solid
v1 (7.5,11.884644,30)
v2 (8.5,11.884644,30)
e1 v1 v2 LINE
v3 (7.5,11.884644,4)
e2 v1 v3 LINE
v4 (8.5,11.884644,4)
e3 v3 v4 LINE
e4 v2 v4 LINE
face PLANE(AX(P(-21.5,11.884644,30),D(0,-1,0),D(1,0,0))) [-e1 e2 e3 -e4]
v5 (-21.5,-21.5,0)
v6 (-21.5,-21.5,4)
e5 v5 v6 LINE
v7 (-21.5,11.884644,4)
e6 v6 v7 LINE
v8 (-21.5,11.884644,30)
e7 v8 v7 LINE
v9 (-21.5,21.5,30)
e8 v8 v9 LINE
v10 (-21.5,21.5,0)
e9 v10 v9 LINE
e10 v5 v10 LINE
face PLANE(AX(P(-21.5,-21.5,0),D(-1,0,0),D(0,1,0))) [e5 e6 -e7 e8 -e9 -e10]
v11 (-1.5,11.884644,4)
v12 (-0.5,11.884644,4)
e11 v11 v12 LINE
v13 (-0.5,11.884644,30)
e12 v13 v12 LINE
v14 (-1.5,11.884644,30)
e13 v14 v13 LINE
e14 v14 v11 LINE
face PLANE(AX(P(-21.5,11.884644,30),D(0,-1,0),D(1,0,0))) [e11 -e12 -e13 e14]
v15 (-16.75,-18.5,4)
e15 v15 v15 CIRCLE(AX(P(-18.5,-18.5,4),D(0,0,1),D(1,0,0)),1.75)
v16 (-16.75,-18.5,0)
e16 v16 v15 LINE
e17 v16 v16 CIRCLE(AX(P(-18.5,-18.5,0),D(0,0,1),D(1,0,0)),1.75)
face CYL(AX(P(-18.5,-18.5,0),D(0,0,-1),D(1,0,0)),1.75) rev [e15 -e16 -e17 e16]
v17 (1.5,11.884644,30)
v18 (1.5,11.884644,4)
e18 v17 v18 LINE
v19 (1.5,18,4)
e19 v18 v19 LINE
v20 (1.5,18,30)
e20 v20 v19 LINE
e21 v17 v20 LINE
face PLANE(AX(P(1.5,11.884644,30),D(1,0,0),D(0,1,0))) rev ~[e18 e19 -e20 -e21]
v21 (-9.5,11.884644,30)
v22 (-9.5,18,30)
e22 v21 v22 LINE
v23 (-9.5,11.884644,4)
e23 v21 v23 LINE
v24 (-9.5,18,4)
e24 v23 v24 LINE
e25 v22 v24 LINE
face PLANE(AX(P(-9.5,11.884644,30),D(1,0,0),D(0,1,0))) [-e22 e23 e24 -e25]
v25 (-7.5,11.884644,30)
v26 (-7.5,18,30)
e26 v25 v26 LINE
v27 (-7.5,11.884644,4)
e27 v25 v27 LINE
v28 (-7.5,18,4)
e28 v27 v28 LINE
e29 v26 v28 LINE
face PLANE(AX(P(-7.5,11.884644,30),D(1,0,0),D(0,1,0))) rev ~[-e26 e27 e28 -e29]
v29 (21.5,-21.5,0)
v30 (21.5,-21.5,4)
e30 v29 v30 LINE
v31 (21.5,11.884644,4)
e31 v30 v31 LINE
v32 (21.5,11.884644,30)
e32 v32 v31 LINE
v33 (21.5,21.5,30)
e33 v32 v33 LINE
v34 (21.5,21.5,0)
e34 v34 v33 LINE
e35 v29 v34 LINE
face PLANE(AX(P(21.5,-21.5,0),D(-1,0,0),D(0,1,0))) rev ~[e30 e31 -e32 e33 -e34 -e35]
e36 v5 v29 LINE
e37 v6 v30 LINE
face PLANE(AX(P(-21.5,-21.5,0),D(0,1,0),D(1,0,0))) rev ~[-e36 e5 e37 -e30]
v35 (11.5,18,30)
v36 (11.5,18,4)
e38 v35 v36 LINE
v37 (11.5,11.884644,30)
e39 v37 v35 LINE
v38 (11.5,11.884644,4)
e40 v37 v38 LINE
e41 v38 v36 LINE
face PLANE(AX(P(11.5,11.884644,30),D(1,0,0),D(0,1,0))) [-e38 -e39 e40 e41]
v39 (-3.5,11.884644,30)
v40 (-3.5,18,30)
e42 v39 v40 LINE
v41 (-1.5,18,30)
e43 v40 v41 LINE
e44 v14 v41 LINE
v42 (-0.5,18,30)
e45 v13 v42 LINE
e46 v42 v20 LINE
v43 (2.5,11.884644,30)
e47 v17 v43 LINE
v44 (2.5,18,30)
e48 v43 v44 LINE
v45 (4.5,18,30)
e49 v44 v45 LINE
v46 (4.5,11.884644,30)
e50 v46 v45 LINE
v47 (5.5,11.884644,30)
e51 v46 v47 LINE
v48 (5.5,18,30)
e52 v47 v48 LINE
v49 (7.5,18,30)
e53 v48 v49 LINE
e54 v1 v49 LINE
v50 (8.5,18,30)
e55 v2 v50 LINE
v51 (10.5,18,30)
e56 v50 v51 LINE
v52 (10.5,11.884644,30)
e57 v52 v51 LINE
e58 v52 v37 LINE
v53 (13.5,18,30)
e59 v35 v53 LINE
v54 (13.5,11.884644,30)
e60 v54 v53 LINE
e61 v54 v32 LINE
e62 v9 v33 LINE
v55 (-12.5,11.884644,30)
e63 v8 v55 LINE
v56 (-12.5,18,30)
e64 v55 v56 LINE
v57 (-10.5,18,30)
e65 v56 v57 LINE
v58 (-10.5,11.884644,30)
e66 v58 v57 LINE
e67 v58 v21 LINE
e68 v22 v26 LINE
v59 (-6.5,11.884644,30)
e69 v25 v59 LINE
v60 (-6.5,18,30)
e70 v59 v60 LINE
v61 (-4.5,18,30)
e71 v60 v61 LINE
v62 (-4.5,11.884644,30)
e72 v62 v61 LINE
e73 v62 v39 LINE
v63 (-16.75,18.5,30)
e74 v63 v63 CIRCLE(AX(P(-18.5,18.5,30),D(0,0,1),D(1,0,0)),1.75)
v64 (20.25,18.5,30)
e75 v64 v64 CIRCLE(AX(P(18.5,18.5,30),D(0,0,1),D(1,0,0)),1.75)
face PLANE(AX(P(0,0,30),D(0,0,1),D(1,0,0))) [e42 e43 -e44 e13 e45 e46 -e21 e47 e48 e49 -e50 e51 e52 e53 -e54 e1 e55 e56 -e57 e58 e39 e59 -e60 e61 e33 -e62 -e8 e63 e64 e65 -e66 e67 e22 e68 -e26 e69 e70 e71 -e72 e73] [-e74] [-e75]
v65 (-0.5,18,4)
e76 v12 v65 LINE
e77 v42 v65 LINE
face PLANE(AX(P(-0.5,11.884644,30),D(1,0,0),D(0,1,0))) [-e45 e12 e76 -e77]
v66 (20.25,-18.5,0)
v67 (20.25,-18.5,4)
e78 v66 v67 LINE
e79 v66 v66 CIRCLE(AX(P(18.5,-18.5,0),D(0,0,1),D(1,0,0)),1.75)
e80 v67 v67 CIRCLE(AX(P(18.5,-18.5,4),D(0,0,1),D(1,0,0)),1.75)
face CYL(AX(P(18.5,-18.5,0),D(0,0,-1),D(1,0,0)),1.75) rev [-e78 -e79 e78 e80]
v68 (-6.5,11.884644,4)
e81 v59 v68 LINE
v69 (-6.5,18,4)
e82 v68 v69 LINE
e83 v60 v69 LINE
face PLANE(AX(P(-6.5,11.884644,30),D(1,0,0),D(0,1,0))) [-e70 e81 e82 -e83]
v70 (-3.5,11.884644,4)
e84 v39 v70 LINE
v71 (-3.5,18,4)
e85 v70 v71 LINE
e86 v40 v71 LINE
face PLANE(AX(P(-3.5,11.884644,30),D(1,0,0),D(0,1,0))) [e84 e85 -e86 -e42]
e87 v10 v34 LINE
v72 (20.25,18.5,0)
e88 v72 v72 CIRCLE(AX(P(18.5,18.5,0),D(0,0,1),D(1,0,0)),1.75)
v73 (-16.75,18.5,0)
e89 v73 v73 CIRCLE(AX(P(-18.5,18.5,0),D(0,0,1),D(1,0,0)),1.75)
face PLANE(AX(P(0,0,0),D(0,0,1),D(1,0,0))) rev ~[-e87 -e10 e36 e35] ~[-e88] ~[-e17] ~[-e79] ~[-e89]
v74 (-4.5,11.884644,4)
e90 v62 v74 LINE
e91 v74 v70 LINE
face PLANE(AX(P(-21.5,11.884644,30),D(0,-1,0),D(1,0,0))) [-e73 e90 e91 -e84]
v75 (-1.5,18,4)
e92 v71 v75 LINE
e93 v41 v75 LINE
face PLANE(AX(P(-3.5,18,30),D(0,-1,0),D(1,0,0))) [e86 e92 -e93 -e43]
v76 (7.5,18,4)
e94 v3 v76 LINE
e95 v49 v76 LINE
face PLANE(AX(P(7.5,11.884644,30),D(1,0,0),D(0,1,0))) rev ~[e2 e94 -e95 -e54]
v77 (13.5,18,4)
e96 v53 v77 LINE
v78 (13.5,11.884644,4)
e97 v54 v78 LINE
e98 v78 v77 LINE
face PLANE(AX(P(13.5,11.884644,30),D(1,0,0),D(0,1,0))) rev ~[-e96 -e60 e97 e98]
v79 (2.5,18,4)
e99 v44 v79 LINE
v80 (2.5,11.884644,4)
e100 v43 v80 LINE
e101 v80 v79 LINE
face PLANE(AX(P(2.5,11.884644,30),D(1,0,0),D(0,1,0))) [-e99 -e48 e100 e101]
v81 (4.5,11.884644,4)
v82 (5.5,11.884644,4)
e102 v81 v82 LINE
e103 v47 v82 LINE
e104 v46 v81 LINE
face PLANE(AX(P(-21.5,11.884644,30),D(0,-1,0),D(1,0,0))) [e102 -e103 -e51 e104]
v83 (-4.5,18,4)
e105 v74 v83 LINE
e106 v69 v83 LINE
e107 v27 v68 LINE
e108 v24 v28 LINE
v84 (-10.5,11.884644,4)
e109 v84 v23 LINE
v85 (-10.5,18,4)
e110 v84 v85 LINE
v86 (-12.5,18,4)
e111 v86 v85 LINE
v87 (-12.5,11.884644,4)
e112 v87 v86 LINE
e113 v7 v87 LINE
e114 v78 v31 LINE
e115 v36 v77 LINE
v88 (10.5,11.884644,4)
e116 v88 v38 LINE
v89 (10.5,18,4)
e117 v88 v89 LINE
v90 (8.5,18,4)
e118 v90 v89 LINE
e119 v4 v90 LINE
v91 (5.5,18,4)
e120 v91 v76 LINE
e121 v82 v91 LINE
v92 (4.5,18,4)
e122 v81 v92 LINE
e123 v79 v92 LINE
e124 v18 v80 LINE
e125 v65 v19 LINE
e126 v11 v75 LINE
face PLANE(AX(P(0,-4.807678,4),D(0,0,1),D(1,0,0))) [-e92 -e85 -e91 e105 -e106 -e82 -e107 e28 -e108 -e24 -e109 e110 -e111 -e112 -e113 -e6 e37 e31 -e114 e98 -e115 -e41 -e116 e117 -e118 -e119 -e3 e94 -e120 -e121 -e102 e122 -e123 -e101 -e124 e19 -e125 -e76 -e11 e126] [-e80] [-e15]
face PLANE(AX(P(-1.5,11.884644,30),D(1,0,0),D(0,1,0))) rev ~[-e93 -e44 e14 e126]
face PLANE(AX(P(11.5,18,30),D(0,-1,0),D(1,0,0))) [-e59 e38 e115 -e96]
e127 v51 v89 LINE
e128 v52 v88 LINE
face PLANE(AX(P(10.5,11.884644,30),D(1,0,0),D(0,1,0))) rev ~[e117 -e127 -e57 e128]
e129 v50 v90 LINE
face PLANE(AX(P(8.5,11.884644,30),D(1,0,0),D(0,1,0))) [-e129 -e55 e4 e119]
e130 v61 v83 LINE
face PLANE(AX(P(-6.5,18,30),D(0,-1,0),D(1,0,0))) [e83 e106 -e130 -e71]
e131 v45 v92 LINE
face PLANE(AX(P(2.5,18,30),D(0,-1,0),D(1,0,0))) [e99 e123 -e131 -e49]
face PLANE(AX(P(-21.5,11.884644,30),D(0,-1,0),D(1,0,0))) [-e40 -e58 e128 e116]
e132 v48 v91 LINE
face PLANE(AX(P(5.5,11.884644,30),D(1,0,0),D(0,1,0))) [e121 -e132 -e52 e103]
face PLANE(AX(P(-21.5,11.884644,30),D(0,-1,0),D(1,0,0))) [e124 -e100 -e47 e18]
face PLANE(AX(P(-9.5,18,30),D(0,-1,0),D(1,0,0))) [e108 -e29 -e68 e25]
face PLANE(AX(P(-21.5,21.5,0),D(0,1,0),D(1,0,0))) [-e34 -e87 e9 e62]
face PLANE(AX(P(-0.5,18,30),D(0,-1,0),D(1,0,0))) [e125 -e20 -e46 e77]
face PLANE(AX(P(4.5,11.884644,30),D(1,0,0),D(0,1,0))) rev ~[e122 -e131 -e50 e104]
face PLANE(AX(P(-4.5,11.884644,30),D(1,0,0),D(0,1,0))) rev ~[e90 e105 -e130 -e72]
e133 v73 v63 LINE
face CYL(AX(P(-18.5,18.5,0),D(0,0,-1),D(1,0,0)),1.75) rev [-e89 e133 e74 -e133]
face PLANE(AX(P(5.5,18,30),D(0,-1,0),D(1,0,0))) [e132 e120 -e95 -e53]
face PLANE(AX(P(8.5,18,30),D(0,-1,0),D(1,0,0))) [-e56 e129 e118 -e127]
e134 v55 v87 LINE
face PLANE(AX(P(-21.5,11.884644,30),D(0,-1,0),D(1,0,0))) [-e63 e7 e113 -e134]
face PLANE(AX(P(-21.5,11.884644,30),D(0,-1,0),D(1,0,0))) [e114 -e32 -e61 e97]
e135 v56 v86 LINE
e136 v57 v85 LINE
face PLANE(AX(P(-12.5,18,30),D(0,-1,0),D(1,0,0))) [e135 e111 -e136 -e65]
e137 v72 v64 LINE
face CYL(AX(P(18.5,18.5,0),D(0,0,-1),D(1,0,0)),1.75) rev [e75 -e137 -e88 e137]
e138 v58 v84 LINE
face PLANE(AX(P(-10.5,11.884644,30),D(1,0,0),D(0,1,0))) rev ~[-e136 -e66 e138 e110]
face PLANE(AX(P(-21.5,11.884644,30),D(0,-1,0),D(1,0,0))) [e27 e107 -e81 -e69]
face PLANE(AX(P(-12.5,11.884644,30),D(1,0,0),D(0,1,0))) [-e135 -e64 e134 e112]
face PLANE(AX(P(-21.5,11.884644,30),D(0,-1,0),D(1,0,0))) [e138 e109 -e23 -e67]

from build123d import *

# Parameters (mm, degrees)
SKETCH_1_W          = 43
SKETCH_1_H          = 43
SKETCH_1_R          = 1.75
EXTRUDE_1_DEPTH     = 30
SKETCH_2_W          = 43
SKETCH_2_H          = 33.384643537
SKETCH_2_R          = 1.75
CUT_EXTRUDE_1_DEPTH = 26
SKETCH_3_W          = 2
SKETCH_3_H          = 6.115356463
CUT_EXTRUDE_2_DEPTH = 26


with BuildPart() as part:
    # 草图1 → 凸台-拉伸1 (new body)
    with BuildSketch(Plane.XY):
        Rectangle(SKETCH_1_W, SKETCH_1_H)
        with Locations((-18.5, 18.5)):
            Circle(SKETCH_1_R, mode=Mode.SUBTRACT)
        with Locations((-18.5, -18.5)):
            Circle(SKETCH_1_R, mode=Mode.SUBTRACT)
        with Locations((18.5, -18.5)):
            Circle(SKETCH_1_R, mode=Mode.SUBTRACT)
        with Locations((18.5, 18.5)):
            Circle(SKETCH_1_R, mode=Mode.SUBTRACT)
    extrude(amount=EXTRUDE_1_DEPTH)

    # 草图2 → 切除-拉伸1 (cut)
    with BuildSketch(Plane.XY.offset(30)):
        with Locations((0, -4.807678231)):
            Rectangle(SKETCH_2_W, SKETCH_2_H)
        with Locations((-18.5, -18.5)):
            Circle(SKETCH_2_R, mode=Mode.SUBTRACT)
        with Locations((18.5, -18.5)):
            Circle(SKETCH_2_R, mode=Mode.SUBTRACT)
    extrude(amount=-CUT_EXTRUDE_1_DEPTH, mode=Mode.SUBTRACT)

    # 草图3 → 切除-拉伸2 (cut)
    with BuildSketch(Plane.XY.offset(30)):
        with Locations((-11.5, 14.942321769)):
            Rectangle(SKETCH_3_W, SKETCH_3_H)
        with Locations((-8.5, 14.942321769)):
            Rectangle(SKETCH_3_W, SKETCH_3_H)
        with Locations((-5.5, 14.942321769)):
            Rectangle(SKETCH_3_W, SKETCH_3_H)
        with Locations((-2.5, 14.942321769)):
            Rectangle(SKETCH_3_W, SKETCH_3_H)
        with Locations((0.5, 14.942321769)):
            Rectangle(SKETCH_3_W, SKETCH_3_H)
        with Locations((3.5, 14.942321769)):
            Rectangle(SKETCH_3_W, SKETCH_3_H)
        with Locations((6.5, 14.942321769)):
            Rectangle(SKETCH_3_W, SKETCH_3_H)
        with Locations((9.5, 14.942321769)):
            Rectangle(SKETCH_3_W, SKETCH_3_H)
        with Locations((12.5, 14.942321769)):
            Rectangle(SKETCH_3_W, SKETCH_3_H)
    extrude(amount=-CUT_EXTRUDE_2_DEPTH, mode=Mode.SUBTRACT)


solid = part.part
